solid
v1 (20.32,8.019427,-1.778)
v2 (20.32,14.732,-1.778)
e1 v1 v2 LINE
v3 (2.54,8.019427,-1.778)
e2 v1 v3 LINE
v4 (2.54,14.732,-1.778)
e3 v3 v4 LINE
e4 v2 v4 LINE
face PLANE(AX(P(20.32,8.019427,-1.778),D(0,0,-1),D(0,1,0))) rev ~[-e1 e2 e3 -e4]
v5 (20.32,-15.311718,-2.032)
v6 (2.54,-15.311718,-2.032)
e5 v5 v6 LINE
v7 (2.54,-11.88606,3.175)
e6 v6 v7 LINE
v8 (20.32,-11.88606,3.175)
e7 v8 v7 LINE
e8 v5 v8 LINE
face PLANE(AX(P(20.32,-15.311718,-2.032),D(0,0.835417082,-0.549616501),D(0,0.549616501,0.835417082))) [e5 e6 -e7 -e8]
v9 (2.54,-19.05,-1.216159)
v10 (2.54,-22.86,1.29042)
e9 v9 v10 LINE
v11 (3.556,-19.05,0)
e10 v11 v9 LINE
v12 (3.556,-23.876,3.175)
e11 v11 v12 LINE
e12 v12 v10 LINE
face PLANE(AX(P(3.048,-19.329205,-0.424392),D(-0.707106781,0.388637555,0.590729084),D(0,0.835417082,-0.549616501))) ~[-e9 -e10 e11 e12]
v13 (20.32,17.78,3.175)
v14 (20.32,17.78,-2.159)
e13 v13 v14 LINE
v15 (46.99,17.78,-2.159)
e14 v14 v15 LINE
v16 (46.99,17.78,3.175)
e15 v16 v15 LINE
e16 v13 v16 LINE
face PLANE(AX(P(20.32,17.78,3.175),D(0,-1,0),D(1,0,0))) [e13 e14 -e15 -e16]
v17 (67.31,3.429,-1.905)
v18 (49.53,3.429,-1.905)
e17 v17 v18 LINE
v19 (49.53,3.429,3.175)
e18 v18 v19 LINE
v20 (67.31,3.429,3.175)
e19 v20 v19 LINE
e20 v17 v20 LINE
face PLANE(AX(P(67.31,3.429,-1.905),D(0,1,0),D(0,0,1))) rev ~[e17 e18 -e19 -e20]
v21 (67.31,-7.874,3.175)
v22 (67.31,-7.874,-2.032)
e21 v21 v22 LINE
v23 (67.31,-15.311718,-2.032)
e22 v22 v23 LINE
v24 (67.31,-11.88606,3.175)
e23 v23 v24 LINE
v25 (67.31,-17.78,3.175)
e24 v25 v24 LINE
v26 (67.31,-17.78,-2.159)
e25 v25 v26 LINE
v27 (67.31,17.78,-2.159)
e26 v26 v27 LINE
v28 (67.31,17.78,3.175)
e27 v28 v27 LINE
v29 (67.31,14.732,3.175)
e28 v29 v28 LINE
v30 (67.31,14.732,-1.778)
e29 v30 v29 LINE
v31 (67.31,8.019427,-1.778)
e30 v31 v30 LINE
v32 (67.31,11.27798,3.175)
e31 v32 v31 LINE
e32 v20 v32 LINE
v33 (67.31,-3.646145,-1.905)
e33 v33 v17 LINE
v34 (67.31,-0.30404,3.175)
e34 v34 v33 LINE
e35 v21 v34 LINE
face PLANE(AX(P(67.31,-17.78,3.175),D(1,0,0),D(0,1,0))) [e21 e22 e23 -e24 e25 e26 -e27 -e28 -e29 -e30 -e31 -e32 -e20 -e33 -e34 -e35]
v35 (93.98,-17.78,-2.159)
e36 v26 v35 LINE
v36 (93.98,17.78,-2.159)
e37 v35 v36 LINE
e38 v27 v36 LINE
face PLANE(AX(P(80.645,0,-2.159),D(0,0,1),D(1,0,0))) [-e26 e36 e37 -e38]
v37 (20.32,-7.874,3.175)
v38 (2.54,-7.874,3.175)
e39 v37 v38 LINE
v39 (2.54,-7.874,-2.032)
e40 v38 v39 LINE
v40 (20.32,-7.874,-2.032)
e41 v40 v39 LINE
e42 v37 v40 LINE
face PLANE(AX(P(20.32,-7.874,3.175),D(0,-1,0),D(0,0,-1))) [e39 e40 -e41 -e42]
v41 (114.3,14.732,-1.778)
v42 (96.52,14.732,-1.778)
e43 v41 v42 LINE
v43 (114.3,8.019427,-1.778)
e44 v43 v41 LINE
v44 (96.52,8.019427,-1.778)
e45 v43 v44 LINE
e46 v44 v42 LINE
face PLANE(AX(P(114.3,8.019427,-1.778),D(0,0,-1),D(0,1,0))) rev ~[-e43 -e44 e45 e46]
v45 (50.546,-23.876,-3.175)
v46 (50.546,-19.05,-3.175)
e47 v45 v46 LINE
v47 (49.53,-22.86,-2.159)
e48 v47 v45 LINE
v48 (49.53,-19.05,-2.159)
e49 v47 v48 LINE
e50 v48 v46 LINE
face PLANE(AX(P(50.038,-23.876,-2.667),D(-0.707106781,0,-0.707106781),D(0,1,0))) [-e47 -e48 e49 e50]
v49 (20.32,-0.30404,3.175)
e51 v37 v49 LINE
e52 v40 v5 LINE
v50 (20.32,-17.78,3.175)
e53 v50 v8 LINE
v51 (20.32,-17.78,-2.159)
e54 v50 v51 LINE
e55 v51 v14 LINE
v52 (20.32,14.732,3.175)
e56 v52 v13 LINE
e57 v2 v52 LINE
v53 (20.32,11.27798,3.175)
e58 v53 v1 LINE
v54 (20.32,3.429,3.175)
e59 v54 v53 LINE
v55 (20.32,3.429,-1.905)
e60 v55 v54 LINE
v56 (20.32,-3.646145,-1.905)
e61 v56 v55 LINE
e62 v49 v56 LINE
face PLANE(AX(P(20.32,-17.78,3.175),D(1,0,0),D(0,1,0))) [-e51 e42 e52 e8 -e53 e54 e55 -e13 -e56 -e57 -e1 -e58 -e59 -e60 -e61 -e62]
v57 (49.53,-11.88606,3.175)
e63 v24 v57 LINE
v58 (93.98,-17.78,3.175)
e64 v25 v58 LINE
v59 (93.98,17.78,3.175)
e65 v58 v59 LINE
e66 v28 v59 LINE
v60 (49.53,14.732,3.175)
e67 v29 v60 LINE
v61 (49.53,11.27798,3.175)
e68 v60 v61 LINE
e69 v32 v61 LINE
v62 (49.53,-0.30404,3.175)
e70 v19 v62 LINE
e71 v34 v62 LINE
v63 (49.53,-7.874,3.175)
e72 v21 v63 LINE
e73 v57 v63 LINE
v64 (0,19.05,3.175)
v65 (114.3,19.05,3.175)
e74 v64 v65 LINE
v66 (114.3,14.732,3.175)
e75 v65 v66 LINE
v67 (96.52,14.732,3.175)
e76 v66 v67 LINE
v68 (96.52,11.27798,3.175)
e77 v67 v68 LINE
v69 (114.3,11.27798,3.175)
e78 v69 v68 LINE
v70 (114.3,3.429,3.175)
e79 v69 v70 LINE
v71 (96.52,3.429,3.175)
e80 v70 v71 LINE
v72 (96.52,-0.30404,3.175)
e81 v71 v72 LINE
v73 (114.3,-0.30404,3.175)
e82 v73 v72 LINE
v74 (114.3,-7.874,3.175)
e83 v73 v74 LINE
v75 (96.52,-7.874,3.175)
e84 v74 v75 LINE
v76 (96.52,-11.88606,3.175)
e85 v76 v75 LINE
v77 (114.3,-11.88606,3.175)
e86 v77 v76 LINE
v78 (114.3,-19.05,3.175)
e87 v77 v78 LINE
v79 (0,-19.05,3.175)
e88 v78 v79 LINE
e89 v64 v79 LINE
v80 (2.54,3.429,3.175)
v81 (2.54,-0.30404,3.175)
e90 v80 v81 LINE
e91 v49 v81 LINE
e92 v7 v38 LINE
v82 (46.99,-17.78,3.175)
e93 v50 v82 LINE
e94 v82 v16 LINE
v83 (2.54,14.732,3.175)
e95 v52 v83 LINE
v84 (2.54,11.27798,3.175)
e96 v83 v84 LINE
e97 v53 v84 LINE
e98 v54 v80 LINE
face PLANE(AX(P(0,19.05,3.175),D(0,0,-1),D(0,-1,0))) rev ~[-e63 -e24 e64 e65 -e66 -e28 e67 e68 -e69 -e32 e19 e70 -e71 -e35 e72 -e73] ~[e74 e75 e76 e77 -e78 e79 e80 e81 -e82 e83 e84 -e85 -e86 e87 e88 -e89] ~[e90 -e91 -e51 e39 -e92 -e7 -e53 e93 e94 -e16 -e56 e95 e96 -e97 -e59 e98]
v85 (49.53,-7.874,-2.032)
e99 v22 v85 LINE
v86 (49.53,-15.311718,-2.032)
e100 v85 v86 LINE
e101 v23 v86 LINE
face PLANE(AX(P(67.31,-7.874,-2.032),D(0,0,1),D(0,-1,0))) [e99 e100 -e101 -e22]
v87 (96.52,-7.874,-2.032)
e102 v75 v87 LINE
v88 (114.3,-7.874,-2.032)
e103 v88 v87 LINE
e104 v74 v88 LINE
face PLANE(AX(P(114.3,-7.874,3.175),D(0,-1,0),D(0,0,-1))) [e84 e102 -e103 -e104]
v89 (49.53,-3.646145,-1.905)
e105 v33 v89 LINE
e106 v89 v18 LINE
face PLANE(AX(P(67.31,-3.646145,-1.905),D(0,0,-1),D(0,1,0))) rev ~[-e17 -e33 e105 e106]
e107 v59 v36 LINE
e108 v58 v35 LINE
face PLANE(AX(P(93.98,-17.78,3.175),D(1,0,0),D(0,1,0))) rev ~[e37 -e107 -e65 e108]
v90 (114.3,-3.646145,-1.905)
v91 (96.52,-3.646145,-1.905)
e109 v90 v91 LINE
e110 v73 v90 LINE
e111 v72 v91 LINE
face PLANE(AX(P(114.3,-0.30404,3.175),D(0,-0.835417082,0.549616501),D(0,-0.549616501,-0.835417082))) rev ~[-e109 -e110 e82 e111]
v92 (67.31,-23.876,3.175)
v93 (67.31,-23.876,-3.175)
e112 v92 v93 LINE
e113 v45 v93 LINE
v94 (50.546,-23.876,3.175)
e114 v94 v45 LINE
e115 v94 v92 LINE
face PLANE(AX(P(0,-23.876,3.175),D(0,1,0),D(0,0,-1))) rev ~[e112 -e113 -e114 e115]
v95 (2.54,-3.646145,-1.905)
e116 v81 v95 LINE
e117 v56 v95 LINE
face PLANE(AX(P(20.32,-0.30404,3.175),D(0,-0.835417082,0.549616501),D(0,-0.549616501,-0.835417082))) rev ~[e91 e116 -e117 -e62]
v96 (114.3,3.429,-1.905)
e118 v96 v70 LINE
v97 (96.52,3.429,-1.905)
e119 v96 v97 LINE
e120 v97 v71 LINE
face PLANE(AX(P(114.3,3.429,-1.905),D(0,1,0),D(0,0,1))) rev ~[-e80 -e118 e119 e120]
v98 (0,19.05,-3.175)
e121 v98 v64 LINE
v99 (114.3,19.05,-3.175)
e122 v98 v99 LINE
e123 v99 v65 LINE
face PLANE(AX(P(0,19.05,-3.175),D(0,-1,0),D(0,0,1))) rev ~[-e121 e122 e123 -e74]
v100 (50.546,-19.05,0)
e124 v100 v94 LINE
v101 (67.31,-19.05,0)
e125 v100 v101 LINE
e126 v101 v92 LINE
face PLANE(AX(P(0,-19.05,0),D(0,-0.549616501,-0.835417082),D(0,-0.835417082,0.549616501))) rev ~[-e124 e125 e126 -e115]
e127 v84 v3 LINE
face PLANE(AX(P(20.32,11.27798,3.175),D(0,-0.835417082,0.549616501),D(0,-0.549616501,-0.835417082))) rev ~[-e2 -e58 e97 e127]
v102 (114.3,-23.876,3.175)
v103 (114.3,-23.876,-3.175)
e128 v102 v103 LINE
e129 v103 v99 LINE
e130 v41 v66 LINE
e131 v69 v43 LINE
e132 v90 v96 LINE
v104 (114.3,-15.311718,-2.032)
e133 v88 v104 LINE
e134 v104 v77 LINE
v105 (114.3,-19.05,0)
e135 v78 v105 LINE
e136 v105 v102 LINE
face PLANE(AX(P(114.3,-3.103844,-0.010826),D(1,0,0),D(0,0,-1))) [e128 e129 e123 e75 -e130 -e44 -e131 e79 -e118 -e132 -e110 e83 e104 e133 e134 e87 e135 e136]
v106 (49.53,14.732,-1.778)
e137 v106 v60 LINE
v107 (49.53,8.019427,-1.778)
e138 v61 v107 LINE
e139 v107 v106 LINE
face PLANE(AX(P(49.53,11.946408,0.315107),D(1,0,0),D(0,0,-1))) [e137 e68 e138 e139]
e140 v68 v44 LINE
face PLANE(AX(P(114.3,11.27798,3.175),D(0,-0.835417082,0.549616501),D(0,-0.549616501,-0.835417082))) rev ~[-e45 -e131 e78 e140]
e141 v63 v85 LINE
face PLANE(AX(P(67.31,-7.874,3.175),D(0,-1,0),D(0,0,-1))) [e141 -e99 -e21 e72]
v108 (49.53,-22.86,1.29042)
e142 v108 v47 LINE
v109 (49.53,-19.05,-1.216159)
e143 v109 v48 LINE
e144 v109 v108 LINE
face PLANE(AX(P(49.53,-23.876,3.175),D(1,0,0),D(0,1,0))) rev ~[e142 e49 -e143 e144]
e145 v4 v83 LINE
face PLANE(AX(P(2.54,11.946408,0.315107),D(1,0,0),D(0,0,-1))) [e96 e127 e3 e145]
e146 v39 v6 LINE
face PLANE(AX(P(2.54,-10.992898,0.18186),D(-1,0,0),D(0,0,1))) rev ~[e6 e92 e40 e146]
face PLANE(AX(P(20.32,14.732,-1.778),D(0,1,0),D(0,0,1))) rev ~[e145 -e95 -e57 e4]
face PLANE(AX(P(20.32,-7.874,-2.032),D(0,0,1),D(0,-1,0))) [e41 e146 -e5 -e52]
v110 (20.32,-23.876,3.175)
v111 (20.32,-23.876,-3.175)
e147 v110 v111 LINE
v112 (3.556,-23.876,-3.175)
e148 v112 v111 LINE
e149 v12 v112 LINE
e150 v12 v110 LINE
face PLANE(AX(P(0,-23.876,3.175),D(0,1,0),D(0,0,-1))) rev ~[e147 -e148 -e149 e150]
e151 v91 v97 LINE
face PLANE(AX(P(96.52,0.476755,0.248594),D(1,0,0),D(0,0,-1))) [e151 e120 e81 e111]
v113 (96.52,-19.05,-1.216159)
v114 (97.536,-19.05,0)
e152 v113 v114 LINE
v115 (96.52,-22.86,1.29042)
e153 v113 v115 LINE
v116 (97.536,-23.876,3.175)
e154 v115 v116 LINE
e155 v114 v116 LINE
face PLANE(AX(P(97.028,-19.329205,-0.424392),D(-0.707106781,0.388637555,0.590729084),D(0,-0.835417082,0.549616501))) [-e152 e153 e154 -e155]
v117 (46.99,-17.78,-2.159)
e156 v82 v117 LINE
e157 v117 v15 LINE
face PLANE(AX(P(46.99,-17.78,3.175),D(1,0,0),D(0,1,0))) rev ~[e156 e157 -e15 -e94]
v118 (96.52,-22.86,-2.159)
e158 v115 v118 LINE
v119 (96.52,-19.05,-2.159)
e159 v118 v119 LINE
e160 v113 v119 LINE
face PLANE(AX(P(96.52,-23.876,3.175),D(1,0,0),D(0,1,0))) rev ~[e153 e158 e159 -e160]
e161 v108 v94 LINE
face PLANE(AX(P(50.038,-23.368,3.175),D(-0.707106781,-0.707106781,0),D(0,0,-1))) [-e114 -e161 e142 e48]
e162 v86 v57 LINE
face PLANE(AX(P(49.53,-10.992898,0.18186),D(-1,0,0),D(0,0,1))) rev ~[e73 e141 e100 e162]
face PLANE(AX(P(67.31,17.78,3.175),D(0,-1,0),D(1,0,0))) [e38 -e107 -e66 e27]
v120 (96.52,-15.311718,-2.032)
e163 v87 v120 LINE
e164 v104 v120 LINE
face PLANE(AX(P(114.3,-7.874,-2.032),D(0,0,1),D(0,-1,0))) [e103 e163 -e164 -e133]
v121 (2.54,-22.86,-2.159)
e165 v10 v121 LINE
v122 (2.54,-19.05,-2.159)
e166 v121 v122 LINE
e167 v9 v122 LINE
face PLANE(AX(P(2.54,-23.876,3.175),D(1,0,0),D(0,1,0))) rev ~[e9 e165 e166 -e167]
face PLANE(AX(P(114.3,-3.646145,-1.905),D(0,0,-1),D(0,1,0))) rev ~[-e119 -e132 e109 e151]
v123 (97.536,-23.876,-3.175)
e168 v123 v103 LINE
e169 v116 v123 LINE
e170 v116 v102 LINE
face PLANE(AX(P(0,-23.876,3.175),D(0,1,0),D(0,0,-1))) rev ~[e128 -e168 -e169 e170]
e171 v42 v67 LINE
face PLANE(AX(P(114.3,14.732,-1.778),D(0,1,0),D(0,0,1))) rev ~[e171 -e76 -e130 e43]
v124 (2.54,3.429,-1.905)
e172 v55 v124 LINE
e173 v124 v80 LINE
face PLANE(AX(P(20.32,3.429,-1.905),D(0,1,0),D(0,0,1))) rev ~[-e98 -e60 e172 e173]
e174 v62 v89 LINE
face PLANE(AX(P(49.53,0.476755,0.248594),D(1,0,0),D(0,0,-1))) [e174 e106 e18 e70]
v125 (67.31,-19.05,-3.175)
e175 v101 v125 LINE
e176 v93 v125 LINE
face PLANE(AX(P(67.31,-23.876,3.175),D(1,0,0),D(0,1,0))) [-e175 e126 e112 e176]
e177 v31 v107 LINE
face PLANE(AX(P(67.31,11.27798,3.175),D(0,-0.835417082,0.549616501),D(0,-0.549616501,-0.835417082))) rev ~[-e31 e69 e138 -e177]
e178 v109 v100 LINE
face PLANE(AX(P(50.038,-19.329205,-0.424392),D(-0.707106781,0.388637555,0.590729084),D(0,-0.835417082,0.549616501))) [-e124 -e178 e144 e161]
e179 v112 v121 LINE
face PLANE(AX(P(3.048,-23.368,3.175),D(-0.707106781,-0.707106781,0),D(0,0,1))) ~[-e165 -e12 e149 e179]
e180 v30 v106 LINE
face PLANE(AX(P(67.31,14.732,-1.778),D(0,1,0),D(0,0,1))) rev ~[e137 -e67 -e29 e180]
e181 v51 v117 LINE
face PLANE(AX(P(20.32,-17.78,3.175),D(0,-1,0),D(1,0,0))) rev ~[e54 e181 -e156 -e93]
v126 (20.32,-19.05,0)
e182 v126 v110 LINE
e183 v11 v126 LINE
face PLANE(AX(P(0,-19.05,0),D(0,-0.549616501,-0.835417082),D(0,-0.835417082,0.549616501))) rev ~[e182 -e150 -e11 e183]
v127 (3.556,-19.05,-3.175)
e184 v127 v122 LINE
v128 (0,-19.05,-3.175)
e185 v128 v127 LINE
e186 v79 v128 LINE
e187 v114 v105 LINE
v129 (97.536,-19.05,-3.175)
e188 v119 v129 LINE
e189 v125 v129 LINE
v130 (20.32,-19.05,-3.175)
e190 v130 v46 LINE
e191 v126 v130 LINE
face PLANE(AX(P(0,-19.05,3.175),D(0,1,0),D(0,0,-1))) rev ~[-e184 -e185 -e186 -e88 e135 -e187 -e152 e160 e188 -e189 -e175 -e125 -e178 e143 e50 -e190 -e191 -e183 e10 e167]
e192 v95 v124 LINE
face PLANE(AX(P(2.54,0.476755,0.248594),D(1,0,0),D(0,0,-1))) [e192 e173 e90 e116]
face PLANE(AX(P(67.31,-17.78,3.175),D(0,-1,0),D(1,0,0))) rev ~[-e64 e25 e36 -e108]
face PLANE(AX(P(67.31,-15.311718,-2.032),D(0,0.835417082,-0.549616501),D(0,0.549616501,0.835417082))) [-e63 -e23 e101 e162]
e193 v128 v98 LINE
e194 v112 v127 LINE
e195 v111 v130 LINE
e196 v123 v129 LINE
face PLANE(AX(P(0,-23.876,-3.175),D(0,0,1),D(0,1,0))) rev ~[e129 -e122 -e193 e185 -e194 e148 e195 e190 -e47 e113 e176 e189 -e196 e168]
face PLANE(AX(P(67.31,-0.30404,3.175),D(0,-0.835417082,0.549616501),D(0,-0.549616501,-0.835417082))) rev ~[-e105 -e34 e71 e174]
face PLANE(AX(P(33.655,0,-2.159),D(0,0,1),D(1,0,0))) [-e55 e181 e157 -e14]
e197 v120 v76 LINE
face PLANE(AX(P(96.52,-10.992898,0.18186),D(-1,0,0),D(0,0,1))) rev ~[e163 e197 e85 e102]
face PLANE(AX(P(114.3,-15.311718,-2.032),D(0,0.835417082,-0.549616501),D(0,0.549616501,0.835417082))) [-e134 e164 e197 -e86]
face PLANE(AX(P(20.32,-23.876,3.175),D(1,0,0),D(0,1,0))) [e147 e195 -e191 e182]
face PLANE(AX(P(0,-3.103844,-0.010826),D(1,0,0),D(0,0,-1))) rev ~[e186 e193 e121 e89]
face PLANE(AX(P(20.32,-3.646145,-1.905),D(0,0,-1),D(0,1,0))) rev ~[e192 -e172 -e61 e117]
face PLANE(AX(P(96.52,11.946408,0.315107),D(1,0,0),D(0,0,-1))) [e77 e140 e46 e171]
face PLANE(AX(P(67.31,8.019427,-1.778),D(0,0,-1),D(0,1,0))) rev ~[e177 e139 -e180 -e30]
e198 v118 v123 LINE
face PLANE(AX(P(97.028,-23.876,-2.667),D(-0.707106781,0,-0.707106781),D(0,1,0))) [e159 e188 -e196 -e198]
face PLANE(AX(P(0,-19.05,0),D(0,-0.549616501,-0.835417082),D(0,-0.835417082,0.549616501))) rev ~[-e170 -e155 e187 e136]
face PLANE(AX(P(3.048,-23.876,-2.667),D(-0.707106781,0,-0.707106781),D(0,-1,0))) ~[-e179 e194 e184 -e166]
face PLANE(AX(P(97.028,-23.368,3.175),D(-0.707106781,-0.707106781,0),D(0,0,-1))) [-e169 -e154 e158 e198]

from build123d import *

# Parameters (mm, degrees)
BOSS_EXTRUDE1_DEPTH = 114.3
CUT_EXTRUDE2_DEPTH  = 17.78
LPATTERN2_COUNT     = 3
LPATTERN2_PITCH     = 46.99
SKETCH5_W           = 26.67
SKETCH5_H           = 35.56
CUT_EXTRUDE3_DEPTH  = 5.334
SKETCH6_W           = 2.54
SKETCH6_H           = 4.826
SKETCH6_W_2         = 29.21
CUT_EXTRUDE4_DEPTH  = 7.35
CHAMFER1_SIZE       = 1.016


with BuildPart() as part:
    # Sketch2 → Boss-Extrude1 (new body)
    with BuildSketch(Plane(origin=(0, 0, 0), x_dir=(0, 0, -1), z_dir=(1, 0, 0))):
        Polygon((0, -19.05), (-3.175, -23.876), (3.175, -23.876), (3.175, -19.05), (3.175, 19.05), (-3.175, 19.05), (-3.175, -19.05), align=None)
    extrude(amount=BOSS_EXTRUDE1_DEPTH)

    # Sketch4 → Cut-Extrude2 (cut)
    with BuildSketch(Plane(origin=(114.3, 0, 0), x_dir=(0, 0, -1), z_dir=(1, 0, 0))):
        Polygon((-3.175, 14.732), (-3.175, 11.277980125), (1.778, 8.019427494), (1.778, 14.732), align=None)
        Polygon((-3.175, 3.429), (-3.175, -0.304039749), (1.905, -3.646145012), (1.905, 3.429), align=None)
        Polygon((-3.175, -7.874), (2.032, -7.874), (2.032, -15.311717518), (-3.175, -11.886059624), align=None)
    cut_extrude2 = extrude(amount=-CUT_EXTRUDE2_DEPTH, mode=Mode.SUBTRACT)

    # LPattern2: Cut-Extrude2 ×3
    with Locations(*[(-i * LPATTERN2_PITCH, 0, 0) for i in range(1, LPATTERN2_COUNT)]):
        add(cut_extrude2, mode=Mode.SUBTRACT)

    # Sketch5 → Cut-Extrude3 (cut)
    with BuildSketch(Plane.XY.offset(3.175)):
        with Locations((80.645, 0)):
            Rectangle(SKETCH5_W, SKETCH5_H)
        with Locations((33.655, 0)):
            Rectangle(SKETCH5_W, SKETCH5_H)
    extrude(amount=-CUT_EXTRUDE3_DEPTH, mode=Mode.SUBTRACT)

    # Sketch6 → Cut-Extrude4 (cut, through all)
    with BuildSketch(Plane.XY.offset(3.175)):
        with Locations((1.27, -21.463)):
            Rectangle(SKETCH6_W, SKETCH6_H)
        with Locations((34.925, -21.463)):
            Rectangle(SKETCH6_W_2, SKETCH6_H)
        with Locations((81.915, -21.463)):
            Rectangle(SKETCH6_W_2, SKETCH6_H)
    extrude(amount=-CUT_EXTRUDE4_DEPTH, mode=Mode.SUBTRACT)

    # Chamfer1
    chamfer1_edges = [part.edges().sort_by_distance(p)[0] for p in [
        (2.54, -21.463, 1.5875),
        (2.54, -21.463, -3.175),
        (2.54, -23.876, 0),
        (49.53, -21.463, 1.5875),
        (49.53, -21.463, -3.175),
        (49.53, -23.876, 0),
        (96.52, -21.463, 1.5875),
        (96.52, -21.463, -3.175),
        (96.52, -23.876, 0),
    ]]
    chamfer(chamfer1_edges, length=CHAMFER1_SIZE)


solid = part.part
